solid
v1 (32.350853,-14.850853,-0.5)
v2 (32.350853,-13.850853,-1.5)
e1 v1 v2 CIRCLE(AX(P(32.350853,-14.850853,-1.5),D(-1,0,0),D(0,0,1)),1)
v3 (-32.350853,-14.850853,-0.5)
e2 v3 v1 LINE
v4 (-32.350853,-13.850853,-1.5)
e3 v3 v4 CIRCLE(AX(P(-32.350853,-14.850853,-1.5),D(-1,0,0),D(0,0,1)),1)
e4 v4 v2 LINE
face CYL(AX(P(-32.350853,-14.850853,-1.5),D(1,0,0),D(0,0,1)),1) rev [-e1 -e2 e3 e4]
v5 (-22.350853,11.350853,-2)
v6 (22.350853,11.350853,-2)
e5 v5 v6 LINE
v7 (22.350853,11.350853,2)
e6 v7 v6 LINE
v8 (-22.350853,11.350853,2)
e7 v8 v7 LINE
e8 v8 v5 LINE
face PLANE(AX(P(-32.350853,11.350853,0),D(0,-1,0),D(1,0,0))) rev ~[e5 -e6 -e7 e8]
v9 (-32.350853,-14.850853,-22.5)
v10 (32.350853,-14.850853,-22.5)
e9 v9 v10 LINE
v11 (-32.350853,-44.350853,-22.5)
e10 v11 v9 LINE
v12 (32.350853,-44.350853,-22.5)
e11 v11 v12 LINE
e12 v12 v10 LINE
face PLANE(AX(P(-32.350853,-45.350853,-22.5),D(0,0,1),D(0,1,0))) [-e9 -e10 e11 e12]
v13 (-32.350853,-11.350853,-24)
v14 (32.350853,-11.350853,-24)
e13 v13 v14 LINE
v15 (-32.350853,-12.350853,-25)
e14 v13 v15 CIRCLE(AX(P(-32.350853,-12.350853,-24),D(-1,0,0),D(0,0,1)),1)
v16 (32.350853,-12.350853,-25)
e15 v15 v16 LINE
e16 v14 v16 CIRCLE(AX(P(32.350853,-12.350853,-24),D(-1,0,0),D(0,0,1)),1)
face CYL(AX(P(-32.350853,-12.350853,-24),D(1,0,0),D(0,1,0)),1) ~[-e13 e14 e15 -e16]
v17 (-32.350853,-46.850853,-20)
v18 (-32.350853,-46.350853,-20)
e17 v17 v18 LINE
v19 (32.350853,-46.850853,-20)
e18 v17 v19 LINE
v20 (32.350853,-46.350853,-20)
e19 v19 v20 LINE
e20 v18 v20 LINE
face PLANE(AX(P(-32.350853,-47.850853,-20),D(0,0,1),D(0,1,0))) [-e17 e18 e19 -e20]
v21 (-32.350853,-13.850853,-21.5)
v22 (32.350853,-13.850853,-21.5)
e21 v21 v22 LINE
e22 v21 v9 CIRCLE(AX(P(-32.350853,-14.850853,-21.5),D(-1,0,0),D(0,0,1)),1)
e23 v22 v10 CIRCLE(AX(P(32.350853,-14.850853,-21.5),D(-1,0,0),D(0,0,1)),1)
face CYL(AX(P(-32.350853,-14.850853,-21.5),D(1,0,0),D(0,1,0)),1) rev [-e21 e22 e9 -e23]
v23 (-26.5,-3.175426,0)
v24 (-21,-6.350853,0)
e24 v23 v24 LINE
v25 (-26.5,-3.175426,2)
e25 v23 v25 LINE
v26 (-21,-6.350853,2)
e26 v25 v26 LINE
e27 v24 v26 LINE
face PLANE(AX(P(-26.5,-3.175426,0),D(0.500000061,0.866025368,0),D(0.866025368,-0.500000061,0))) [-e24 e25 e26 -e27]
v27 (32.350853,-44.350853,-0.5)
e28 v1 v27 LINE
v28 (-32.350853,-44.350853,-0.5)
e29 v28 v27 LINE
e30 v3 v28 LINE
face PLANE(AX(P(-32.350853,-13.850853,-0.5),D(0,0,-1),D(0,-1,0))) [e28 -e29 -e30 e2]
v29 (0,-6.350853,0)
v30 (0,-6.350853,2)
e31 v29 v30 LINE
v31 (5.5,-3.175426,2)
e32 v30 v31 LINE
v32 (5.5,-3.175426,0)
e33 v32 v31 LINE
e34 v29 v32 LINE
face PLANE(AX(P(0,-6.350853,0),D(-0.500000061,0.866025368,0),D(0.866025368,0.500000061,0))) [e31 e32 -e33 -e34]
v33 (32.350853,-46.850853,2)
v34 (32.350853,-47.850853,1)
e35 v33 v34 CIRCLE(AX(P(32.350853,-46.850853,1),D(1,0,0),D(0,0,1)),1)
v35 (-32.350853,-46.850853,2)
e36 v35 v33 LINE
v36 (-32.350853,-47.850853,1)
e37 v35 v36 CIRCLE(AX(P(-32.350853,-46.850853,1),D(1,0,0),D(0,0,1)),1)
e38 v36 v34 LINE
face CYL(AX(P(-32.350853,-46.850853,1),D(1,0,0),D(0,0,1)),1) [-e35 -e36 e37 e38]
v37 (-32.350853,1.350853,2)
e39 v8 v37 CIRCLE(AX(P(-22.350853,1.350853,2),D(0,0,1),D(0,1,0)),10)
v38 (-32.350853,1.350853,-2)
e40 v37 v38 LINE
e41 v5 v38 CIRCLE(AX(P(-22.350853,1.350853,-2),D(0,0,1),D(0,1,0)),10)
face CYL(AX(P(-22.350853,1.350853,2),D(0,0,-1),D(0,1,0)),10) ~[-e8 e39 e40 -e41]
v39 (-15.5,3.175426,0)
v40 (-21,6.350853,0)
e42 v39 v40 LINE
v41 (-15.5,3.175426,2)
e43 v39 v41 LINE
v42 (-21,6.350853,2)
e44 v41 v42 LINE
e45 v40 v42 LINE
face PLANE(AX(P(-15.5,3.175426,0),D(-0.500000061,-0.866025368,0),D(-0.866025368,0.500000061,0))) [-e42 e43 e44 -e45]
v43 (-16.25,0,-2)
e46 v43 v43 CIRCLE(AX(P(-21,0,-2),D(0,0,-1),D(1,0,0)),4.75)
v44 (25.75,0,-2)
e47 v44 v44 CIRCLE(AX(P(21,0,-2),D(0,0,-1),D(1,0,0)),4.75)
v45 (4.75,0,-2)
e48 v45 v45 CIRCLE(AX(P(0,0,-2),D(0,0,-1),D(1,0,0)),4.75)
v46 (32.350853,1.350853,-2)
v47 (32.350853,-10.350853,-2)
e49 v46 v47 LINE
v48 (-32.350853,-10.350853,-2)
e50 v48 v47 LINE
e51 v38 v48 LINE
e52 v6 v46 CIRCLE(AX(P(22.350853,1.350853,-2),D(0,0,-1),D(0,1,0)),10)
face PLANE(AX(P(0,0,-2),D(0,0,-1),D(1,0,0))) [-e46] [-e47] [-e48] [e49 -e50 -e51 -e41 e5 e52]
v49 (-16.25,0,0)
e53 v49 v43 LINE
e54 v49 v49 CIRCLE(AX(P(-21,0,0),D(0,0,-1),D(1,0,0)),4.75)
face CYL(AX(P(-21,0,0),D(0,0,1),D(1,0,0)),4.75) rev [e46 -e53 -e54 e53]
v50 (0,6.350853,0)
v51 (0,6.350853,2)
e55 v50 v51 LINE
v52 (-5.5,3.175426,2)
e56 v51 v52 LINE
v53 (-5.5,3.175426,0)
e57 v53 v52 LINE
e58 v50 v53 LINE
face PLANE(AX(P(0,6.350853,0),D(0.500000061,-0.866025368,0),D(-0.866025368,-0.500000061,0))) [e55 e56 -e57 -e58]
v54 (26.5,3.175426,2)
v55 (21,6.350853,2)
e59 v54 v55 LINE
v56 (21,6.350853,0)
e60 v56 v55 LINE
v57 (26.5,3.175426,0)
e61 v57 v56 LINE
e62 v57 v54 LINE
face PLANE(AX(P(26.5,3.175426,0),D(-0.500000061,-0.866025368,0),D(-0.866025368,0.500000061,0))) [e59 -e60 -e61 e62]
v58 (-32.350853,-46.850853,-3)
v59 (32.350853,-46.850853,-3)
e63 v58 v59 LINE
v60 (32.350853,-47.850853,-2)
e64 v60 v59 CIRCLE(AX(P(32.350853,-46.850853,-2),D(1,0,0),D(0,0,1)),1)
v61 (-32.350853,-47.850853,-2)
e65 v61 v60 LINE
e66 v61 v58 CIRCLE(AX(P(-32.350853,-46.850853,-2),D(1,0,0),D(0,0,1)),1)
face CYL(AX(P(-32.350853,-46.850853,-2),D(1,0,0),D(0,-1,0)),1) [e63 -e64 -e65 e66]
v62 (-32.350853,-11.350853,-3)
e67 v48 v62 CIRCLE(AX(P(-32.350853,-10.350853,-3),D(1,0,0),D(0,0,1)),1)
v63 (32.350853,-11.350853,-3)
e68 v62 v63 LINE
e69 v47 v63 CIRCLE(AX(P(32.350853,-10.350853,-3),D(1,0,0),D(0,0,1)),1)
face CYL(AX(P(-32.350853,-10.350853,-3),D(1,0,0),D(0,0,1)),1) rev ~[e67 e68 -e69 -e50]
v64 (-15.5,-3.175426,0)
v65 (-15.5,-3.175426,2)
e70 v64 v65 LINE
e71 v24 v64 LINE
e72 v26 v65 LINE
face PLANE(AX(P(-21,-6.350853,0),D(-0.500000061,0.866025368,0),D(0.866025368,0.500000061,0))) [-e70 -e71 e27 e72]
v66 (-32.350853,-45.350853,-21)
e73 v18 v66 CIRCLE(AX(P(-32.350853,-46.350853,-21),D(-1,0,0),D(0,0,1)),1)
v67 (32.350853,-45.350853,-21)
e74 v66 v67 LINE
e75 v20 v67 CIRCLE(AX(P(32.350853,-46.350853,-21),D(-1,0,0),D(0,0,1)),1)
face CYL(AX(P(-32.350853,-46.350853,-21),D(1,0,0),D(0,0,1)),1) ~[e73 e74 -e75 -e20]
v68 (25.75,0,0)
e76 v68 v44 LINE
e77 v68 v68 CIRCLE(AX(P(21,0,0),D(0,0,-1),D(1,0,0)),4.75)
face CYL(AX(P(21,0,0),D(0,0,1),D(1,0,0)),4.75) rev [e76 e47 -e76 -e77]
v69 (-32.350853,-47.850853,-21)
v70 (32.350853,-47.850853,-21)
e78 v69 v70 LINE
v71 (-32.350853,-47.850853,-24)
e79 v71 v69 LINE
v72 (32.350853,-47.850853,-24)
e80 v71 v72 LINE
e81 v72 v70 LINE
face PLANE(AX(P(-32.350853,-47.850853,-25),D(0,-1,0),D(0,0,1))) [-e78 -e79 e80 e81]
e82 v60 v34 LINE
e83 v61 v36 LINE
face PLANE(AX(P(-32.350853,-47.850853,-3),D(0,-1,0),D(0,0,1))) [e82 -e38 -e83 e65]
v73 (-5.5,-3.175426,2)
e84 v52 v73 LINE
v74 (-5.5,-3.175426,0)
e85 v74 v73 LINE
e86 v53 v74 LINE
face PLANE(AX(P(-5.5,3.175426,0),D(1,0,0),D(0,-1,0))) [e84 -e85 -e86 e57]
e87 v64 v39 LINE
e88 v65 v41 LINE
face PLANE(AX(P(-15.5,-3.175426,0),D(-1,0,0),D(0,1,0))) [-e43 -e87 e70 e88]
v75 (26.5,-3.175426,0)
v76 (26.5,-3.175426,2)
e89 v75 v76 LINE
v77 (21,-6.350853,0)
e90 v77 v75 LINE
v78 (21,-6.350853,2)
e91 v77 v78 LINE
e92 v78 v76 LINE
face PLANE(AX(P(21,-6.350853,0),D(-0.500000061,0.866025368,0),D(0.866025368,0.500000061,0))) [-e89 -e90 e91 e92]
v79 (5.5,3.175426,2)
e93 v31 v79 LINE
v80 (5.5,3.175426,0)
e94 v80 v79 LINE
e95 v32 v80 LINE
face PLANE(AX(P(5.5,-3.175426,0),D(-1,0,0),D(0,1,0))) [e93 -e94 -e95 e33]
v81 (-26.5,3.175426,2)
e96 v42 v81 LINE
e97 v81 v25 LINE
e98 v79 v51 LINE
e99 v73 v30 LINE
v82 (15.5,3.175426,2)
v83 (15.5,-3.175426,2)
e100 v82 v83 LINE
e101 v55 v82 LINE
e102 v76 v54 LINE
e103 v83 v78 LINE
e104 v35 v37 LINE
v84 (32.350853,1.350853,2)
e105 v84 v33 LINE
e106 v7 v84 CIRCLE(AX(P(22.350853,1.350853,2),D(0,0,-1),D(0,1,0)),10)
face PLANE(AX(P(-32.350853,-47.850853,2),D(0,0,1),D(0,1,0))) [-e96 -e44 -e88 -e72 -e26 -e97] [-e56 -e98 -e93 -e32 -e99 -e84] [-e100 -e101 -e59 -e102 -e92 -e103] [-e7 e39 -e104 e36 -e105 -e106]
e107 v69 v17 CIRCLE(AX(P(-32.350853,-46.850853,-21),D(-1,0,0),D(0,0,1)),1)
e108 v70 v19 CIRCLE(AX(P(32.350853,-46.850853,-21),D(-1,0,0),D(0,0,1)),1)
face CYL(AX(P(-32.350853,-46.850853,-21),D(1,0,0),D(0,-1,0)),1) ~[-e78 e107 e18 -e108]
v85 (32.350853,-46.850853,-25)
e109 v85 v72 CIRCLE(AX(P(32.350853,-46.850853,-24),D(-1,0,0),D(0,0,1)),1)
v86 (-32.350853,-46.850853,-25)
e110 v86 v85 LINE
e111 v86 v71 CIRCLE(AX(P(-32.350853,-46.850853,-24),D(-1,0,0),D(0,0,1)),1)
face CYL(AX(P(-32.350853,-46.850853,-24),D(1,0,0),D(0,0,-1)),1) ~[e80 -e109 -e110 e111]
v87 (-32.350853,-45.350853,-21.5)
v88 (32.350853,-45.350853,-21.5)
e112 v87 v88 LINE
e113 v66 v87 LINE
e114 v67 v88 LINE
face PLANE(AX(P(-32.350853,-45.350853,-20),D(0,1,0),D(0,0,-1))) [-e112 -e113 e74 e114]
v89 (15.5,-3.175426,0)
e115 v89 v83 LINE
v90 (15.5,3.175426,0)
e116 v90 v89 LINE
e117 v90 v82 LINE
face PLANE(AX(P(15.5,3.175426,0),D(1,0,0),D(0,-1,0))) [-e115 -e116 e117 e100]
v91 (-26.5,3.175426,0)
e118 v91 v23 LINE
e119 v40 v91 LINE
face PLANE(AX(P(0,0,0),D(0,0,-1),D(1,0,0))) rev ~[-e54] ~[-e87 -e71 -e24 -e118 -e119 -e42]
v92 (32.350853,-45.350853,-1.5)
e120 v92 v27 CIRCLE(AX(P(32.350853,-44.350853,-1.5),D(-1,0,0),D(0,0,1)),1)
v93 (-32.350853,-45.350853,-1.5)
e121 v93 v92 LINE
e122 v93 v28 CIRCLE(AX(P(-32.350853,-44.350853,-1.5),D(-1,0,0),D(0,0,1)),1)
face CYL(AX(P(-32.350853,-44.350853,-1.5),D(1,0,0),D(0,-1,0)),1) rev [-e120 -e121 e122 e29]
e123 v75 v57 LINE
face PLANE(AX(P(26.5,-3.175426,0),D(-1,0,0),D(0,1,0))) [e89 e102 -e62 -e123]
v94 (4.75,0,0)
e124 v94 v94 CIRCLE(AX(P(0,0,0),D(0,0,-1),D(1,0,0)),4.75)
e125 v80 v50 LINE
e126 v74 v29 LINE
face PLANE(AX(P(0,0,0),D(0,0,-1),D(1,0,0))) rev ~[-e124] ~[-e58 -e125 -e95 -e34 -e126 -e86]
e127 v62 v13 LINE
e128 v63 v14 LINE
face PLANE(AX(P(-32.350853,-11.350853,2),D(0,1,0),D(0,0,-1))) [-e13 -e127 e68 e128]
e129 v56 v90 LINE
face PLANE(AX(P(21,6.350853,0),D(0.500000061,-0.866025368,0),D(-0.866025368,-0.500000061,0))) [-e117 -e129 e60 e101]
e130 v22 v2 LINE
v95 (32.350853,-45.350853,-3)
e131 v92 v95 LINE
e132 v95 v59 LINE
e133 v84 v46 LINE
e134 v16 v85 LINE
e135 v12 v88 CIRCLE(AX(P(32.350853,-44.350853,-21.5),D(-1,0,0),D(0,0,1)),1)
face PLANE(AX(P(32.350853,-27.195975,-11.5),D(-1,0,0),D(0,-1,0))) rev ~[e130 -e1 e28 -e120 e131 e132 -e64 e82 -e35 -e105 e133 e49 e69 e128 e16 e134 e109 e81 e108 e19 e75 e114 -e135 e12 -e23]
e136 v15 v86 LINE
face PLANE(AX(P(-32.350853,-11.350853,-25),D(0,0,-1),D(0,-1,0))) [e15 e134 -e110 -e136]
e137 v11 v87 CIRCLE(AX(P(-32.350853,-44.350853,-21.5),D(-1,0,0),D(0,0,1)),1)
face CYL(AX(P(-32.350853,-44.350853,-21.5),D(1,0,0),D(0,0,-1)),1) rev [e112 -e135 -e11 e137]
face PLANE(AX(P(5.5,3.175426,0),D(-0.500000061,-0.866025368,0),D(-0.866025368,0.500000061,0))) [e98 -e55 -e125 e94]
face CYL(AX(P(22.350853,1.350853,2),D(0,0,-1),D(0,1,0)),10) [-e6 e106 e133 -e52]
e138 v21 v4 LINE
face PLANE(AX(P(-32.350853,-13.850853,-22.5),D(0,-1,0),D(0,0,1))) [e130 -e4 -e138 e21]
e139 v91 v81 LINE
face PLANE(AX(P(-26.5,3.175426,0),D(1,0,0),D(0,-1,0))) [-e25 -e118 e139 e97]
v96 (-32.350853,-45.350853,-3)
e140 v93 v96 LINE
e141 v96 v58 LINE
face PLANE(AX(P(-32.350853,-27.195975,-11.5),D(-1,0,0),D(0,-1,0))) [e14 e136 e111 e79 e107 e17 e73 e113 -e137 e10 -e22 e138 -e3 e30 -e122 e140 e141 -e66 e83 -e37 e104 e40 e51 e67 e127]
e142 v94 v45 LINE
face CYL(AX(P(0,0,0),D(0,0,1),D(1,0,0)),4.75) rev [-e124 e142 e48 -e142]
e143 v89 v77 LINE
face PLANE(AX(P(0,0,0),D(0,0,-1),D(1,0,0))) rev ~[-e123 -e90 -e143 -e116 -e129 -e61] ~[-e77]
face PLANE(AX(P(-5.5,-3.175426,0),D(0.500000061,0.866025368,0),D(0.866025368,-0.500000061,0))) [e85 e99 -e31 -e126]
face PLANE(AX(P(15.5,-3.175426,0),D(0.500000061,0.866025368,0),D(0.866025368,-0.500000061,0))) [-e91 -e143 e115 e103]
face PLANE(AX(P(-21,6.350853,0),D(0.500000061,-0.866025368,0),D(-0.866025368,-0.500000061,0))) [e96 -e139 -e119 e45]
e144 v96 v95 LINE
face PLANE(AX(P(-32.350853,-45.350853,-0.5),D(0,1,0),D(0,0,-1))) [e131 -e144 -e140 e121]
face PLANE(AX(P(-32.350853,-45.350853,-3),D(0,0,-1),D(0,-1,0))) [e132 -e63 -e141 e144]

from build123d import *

# Parameters (mm, degrees)
SKETCH_W     = 64.701706
SKETCH_H     = 22.701706
PAD_DEPTH    = 2
SKETCH001_W  = 64.701706
SKETCH001_H  = 22.701706
SKETCH001_R  = 4.75
PAD001_DEPTH = 2
PAD002_DEPTH = 64.701706
FILLET_R     = 10
FILLET001_R  = 1


with BuildPart() as part:
    # Sketch → Pad (new body)
    with BuildSketch(Plane.XY):
        Rectangle(SKETCH_W, SKETCH_H)
        Polygon((0, 6.350853), (-5.5, 3.175426), (-5.5, -3.175426), (0, -6.350853), (5.5, -3.175426), (5.5, 3.175426), align=None, mode=Mode.SUBTRACT)
        Polygon((-21, 6.350853), (-26.5, 3.175426), (-26.5, -3.175426), (-21, -6.350853), (-15.5, -3.175426), (-15.5, 3.175426), align=None, mode=Mode.SUBTRACT)
        Polygon((21, 6.350853), (15.5, 3.175426), (15.5, -3.175426), (21, -6.350853), (26.5, -3.175426), (26.5, 3.175426), align=None, mode=Mode.SUBTRACT)
    extrude(amount=PAD_DEPTH)

    # Sketch001 (on Face23 of Pad) → Pad001 (join)
    with BuildSketch(Plane(origin=(0, 0, 0), x_dir=(1, 0, 0), z_dir=(0, 0, -1))):
        Rectangle(SKETCH001_W, SKETCH001_H)
        Circle(SKETCH001_R, mode=Mode.SUBTRACT)
        with Locations((21, 0)):
            Circle(SKETCH001_R, mode=Mode.SUBTRACT)
        with Locations((-21, 0)):
            Circle(SKETCH001_R, mode=Mode.SUBTRACT)
    extrude(amount=PAD001_DEPTH)

    # Sketch002 (on Face28 of Pad001) → Pad002 (join)
    with BuildSketch(Plane(origin=(-32.350853, 0, 0), x_dir=(0, -1, 0), z_dir=(-1, 0, 0))):
        Polygon((11.350853, 2), (11.350853, -25), (47.850853, -25), (47.850853, -20), (45.350853, -20), (45.350853, -22.5), (13.850853, -22.5), (13.850853, -0.5), (45.350853, -0.5), (45.350853, -3), (47.850853, -3), (47.850853, 2), align=None)
    extrude(amount=-PAD002_DEPTH)

    # Fillet
    fillet_edges = [part.edges().sort_by_distance(p)[0] for p in [
        (32.350853, 11.350853, 0),
        (-32.350853, 11.350853, 0),
    ]]
    fillet(fillet_edges, radius=FILLET_R)

    # Fillet001
    fillet001_edges = [part.edges().sort_by_distance(p)[0] for p in [
        (0, -47.850853, 2),
        (0, -47.850853, -3),
        (0, -45.350853, -20),
        (0, -47.850853, -20),
        (0, -47.850853, -25),
        (0, -13.850853, -22.5),
        (0, -13.850853, -0.5),
        (0, -45.350853, -0.5),
        (0, -45.350853, -22.5),
        (0, -11.350853, -25),
        (0, -11.350853, -2),
    ]]
    fillet(fillet001_edges, radius=FILLET001_R)


solid = part.part
